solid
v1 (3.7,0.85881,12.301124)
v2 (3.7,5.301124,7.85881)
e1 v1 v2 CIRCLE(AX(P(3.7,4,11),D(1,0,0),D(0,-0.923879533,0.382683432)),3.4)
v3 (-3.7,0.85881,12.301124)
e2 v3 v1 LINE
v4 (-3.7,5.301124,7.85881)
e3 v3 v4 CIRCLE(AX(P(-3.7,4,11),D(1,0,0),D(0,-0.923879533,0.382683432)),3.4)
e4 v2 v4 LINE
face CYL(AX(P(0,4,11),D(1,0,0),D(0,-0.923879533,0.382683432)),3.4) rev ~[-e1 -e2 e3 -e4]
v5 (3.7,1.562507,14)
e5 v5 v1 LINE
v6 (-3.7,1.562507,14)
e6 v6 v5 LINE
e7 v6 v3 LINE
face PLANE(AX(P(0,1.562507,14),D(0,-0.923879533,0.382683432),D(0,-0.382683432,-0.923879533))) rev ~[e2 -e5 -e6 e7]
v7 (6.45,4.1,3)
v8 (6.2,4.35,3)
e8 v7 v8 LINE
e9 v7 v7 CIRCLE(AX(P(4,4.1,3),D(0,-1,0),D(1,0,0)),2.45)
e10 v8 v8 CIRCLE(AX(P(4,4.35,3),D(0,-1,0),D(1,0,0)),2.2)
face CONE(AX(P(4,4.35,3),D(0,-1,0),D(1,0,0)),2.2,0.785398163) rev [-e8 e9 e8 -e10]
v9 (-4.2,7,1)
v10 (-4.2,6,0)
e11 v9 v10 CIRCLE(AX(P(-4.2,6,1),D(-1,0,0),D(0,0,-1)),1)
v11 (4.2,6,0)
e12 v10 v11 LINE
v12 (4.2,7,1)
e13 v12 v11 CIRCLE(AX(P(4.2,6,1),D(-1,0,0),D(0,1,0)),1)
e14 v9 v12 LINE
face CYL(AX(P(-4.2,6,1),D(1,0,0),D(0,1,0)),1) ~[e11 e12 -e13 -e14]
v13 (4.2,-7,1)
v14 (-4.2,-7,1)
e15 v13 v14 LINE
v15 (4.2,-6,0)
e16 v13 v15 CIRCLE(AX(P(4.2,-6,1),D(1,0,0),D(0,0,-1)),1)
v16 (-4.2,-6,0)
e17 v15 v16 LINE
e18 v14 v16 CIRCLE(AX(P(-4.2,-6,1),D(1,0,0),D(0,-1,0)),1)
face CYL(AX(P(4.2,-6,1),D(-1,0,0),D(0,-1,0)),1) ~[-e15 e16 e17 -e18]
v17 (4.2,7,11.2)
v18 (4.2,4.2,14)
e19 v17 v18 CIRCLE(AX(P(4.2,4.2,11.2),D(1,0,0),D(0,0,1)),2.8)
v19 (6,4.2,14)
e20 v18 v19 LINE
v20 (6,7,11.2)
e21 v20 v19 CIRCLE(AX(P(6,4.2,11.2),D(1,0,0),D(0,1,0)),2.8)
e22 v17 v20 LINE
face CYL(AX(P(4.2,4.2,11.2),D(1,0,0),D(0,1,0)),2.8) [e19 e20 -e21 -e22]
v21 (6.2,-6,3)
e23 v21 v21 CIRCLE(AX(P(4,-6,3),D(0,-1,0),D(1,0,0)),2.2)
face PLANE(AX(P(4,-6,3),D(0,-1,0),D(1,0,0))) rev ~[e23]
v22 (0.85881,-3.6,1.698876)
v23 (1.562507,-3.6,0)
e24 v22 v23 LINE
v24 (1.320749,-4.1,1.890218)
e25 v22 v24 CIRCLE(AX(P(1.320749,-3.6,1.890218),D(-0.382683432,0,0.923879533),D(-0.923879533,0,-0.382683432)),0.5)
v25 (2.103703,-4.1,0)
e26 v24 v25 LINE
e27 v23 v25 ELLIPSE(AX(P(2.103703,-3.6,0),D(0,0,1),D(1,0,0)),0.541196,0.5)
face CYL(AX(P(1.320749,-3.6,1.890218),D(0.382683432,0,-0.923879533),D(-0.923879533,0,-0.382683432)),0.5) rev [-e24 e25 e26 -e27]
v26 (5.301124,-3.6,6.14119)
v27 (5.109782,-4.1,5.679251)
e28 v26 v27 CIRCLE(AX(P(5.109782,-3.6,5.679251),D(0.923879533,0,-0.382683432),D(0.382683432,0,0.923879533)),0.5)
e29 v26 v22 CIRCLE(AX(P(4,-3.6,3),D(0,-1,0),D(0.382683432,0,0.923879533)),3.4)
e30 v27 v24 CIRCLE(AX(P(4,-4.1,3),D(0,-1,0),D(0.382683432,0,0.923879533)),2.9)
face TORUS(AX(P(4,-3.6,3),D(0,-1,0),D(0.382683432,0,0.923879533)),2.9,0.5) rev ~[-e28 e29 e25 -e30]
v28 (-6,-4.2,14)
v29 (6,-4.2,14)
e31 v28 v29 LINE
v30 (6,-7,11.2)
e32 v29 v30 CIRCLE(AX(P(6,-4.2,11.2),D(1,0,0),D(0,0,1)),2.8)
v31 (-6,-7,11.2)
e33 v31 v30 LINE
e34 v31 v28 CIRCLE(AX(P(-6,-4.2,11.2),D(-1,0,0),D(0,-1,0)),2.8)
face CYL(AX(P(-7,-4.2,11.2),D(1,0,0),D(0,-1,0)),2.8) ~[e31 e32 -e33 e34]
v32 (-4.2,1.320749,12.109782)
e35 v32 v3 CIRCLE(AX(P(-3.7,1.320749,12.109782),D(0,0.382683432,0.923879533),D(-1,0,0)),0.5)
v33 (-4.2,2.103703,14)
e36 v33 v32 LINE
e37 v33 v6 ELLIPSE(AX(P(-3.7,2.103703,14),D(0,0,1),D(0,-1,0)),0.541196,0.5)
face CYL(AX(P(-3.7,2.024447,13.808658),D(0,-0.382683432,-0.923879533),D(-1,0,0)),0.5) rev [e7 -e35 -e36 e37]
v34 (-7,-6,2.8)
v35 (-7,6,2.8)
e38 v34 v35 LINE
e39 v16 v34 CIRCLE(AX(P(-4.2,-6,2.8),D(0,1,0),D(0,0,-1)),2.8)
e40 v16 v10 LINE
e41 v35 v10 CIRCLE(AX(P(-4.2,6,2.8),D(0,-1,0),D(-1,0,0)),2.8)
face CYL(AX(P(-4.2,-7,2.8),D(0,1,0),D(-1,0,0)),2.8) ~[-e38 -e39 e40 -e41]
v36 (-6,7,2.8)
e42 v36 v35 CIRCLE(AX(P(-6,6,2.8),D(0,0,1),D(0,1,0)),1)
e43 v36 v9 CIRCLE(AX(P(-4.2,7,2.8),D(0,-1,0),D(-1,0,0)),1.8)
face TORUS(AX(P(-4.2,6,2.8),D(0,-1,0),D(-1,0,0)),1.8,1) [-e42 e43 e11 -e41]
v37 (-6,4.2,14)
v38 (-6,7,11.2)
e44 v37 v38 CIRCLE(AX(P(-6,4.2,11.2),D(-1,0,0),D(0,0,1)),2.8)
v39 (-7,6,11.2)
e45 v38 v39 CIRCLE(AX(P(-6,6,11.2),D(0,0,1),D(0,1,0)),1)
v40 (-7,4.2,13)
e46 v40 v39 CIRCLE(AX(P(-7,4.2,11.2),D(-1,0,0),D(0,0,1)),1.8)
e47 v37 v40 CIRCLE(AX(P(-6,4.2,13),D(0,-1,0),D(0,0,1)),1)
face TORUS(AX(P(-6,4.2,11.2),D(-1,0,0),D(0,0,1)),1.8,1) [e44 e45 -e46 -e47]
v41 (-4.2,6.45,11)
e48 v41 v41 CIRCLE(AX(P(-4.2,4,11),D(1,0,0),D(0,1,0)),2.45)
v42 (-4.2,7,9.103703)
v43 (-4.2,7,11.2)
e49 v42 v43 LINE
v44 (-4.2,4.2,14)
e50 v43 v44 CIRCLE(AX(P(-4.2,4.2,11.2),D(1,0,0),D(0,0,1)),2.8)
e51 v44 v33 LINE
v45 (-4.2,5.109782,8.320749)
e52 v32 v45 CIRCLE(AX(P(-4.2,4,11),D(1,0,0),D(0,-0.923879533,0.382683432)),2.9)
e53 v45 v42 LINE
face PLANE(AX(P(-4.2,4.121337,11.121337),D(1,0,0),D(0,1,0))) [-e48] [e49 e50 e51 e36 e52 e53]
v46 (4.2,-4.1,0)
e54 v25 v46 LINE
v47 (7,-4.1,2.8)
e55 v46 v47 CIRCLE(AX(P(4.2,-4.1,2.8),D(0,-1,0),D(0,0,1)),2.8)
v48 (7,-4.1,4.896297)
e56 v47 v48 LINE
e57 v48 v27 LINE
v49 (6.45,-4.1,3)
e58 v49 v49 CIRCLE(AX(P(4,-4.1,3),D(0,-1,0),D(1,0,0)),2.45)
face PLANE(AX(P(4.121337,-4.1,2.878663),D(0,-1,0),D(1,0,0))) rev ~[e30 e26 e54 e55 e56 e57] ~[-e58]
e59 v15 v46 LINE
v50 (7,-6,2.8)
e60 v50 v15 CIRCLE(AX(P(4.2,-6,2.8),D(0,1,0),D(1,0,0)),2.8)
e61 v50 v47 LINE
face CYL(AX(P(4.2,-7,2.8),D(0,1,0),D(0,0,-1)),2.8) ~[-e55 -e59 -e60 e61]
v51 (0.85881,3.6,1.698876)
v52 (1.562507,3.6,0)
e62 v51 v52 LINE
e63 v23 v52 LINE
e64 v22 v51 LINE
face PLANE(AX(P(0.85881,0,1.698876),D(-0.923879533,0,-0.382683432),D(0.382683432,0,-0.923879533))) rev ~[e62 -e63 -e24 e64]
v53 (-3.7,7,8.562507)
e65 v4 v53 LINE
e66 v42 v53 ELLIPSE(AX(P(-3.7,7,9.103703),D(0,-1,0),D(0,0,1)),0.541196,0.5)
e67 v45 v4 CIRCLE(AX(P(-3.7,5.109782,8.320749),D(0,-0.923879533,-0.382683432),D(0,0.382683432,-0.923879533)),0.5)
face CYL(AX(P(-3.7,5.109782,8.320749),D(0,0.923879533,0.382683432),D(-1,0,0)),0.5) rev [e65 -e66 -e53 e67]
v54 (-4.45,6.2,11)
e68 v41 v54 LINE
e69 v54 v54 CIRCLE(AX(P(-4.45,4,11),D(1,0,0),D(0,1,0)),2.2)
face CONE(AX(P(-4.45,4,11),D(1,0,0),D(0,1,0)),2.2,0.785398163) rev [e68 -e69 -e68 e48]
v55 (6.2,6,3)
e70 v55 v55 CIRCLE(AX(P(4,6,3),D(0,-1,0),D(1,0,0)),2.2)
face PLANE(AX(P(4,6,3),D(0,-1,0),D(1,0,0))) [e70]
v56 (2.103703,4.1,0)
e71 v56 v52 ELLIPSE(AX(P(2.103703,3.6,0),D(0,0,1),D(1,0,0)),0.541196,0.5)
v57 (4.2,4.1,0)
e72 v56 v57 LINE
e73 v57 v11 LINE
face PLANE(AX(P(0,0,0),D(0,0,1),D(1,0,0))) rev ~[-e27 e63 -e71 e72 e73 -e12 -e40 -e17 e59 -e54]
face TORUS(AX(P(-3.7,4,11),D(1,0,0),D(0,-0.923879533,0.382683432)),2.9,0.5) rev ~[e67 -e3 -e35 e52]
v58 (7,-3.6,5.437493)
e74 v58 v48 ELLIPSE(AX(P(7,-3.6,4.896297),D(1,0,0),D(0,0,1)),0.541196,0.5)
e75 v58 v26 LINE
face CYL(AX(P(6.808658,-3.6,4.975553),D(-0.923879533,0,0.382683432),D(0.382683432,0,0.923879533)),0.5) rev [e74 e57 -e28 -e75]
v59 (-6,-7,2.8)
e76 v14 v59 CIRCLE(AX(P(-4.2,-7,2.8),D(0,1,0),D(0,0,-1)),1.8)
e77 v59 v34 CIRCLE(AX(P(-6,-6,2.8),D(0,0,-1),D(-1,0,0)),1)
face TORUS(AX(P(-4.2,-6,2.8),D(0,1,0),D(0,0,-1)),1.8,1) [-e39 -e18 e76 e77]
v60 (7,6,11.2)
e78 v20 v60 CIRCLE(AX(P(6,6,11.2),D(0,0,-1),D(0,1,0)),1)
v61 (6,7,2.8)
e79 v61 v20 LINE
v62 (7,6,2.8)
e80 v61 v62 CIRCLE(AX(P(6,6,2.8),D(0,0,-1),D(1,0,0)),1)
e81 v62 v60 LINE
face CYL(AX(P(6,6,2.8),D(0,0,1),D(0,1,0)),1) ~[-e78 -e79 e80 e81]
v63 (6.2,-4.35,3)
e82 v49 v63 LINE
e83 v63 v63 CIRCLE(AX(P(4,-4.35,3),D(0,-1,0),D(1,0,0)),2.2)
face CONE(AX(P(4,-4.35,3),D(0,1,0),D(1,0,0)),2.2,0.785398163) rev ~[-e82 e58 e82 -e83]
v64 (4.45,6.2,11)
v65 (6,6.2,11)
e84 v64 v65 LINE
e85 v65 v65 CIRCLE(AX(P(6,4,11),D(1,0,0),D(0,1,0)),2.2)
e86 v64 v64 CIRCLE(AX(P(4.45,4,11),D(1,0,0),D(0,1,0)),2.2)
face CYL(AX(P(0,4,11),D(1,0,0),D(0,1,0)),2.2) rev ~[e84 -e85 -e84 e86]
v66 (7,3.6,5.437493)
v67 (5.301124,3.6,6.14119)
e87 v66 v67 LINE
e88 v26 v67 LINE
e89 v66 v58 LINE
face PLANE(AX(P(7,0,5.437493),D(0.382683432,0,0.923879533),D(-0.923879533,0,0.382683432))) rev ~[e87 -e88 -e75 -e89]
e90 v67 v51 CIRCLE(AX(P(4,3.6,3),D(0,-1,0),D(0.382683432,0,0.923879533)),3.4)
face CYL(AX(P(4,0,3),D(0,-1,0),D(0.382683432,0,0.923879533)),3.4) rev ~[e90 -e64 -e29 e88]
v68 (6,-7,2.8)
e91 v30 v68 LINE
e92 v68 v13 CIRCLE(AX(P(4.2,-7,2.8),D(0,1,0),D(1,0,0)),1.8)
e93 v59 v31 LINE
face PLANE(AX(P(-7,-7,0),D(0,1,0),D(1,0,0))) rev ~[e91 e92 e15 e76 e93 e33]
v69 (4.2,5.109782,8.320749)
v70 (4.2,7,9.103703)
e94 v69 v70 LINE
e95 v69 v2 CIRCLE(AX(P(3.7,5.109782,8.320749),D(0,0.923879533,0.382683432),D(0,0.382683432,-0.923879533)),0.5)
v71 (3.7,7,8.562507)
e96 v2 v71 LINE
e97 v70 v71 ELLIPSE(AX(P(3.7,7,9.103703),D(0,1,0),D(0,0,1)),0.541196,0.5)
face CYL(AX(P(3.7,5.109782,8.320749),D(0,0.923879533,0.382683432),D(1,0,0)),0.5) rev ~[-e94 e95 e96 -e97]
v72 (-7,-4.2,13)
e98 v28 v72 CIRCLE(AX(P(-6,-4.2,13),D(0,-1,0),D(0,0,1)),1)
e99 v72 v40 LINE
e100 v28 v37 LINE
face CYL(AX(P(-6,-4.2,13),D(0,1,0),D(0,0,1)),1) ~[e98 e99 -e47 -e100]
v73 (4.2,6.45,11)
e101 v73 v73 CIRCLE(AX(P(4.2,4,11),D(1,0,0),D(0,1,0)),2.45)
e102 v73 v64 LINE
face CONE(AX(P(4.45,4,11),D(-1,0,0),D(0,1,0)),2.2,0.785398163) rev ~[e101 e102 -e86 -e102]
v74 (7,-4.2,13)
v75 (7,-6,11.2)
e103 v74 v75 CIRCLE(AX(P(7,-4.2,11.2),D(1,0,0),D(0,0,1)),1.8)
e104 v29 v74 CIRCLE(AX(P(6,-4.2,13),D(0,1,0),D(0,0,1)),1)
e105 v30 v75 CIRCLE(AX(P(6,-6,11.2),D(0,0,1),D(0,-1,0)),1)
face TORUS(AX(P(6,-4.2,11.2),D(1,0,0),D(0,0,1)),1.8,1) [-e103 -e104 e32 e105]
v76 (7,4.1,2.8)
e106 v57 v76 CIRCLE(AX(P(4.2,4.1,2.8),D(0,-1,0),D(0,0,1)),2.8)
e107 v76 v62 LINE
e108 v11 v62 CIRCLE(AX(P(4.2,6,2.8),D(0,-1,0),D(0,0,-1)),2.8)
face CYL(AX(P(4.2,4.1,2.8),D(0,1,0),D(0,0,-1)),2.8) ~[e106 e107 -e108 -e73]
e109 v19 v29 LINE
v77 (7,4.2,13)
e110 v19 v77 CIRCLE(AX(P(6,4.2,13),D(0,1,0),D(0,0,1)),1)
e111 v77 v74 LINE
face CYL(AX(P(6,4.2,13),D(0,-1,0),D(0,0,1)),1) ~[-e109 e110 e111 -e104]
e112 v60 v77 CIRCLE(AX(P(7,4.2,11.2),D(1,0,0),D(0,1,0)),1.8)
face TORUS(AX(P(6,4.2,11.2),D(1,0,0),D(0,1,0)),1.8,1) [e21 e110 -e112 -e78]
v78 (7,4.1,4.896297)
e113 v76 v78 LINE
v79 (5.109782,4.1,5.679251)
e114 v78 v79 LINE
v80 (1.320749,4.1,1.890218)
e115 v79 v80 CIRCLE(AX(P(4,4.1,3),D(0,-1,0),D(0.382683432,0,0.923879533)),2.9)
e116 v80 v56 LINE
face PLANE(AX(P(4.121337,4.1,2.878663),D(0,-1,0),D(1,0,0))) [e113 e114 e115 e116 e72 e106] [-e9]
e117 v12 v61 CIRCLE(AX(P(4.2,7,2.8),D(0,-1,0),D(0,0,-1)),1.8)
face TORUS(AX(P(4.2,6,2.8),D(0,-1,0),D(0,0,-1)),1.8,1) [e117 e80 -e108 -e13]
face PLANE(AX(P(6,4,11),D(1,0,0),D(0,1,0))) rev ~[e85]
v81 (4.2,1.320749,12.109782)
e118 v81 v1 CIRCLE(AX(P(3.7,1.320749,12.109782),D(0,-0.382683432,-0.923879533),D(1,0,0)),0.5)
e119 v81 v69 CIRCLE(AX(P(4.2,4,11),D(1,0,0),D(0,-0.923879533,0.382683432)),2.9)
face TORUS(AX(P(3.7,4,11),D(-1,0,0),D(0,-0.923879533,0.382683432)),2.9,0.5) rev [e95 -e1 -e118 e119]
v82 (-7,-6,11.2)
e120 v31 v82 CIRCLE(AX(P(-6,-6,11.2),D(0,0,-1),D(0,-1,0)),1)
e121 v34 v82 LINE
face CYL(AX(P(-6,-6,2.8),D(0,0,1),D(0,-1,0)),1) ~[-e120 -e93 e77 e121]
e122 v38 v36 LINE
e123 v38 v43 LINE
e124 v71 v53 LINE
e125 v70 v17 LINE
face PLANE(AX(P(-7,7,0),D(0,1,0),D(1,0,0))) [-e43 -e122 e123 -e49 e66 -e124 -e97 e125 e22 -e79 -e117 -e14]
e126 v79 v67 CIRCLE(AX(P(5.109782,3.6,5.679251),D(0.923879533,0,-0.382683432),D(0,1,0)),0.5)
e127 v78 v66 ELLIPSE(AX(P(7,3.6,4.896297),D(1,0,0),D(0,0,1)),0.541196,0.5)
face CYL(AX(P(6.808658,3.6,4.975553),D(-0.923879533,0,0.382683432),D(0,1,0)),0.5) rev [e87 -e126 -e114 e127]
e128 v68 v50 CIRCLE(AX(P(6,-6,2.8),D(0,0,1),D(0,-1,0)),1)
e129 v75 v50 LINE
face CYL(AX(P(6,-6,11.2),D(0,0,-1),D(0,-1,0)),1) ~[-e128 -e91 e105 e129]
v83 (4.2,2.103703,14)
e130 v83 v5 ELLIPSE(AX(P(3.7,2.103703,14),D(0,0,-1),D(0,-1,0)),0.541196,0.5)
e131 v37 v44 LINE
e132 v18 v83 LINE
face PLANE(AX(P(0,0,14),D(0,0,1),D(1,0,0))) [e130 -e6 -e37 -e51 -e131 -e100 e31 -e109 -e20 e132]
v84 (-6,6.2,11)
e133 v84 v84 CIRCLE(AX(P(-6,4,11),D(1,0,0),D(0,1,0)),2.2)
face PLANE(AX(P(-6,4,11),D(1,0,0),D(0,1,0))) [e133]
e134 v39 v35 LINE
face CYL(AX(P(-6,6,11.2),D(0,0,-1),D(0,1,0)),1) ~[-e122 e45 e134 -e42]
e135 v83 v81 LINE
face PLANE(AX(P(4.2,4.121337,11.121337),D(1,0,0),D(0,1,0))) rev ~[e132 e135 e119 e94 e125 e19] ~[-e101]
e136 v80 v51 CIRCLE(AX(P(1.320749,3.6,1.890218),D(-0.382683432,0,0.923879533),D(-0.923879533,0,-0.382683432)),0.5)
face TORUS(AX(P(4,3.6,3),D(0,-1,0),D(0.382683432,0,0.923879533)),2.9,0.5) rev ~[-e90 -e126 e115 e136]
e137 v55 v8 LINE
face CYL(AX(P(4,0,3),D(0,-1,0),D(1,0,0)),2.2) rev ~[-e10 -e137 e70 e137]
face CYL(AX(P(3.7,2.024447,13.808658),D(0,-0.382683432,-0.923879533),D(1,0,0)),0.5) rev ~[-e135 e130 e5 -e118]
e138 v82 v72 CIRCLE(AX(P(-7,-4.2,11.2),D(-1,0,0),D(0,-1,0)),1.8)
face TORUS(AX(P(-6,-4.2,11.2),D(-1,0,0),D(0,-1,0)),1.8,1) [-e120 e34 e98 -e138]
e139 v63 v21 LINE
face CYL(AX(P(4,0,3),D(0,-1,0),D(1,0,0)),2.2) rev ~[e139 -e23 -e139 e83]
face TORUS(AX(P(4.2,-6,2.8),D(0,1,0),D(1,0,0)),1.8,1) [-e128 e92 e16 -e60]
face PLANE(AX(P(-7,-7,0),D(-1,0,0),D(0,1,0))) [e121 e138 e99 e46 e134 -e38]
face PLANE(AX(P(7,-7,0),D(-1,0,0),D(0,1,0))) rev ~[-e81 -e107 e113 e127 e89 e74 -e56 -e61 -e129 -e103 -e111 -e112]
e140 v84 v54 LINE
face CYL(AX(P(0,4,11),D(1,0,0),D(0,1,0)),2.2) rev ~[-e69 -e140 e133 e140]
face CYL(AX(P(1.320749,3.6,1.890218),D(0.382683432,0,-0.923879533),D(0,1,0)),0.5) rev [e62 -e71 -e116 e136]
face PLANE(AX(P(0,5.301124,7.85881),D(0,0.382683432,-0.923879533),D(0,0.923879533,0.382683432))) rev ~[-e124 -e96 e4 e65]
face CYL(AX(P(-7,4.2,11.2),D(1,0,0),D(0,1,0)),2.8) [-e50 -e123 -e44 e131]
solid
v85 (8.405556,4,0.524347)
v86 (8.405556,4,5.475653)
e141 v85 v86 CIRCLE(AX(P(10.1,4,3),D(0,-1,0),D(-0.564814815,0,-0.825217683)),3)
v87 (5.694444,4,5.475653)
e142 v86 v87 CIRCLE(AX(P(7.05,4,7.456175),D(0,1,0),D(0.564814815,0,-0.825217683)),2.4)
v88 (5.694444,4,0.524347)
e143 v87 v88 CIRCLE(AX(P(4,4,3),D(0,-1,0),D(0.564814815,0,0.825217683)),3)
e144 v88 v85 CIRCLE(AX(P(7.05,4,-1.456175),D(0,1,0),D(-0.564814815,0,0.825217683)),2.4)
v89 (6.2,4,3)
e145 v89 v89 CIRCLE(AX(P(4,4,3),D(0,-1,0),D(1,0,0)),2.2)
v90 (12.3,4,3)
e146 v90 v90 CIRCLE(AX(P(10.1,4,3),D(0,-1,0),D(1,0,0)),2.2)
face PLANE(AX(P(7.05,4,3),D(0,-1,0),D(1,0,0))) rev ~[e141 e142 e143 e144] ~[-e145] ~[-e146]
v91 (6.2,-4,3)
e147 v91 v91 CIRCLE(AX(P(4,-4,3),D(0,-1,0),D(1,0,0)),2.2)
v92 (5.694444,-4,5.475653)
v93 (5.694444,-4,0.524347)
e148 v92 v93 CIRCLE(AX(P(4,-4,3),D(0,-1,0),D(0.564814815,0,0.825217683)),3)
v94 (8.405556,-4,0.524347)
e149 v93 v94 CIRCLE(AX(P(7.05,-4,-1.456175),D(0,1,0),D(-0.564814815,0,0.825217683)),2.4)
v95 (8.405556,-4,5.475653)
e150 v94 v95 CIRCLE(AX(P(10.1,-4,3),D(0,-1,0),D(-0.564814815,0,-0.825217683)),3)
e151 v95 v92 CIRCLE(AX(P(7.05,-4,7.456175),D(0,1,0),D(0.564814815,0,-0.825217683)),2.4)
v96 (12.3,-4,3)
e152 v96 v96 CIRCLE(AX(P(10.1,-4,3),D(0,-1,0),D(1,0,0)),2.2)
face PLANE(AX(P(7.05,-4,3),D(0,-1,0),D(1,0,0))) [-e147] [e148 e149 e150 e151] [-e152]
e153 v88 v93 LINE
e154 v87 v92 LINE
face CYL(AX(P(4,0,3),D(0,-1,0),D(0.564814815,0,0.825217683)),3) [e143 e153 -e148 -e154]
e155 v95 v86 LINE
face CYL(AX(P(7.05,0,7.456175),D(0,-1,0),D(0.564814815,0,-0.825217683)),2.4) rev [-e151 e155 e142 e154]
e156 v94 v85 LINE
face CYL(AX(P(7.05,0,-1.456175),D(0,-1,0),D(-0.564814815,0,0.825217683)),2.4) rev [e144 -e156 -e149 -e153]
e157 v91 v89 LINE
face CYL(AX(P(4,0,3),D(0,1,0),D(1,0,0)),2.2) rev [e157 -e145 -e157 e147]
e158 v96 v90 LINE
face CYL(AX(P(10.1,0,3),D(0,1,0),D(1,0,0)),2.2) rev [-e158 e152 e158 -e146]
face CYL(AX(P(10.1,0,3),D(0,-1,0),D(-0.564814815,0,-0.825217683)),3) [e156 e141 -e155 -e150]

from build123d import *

# Parameters (mm, degrees)
F4_W      = 14
F4_H      = 14
F5_DEPTH  = 14
F6_R      = 2.2
F8_DEPTH  = 4.1
F9_DEPTH  = 6
F10_R     = 2.2
F11_DEPTH = 4.2
F12_DEPTH = 6
F13_R     = 2.8
F14_R     = 0.5
F15_R     = 2.2
F16_DEPTH = 4
F17_SIZE  = 0.25
F18_R     = 1


with BuildPart() as f5:
    # F4 (on Top) → F5 (new body)
    with BuildSketch(Plane.XY):
        Rectangle(F4_W, F4_H)
    extrude(amount=F5_DEPTH)

    # F6 (on Front) → F8 (cut, symmetric)
    with BuildSketch(Plane.XZ):
        with BuildLine():
            Line((1.5625072061, 0), (7, 0))
            Line((7, 0), (7, 5.4374927939))
            Line((7, 5.4374927939), (5.30112367, 6.1411904105))
            ThreePointArc((5.30112367, 6.1411904105), (1.595836944, 5.404163056), (0.8588095895, 1.69887633))
            Line((0.8588095895, 1.69887633), (1.5625072061, 0))
        make_face()
        with Locations((4, 3)):
            Circle(F6_R, mode=Mode.SUBTRACT)
        with Locations((4, 3)):
            Circle(F6_R)
    extrude(amount=F8_DEPTH, both=True, mode=Mode.SUBTRACT)

    # F6 (on Front) → F9 (cut, symmetric)
    with BuildSketch(Plane.XZ):
        with Locations((4, 3)):
            Circle(F6_R)
    extrude(amount=F9_DEPTH, both=True, mode=Mode.SUBTRACT)

    # F10 (on Right) → F11 (cut, symmetric)
    with BuildSketch(Plane.YZ):
        with BuildLine():
            Line((7, 14), (1.5625072061, 14))
            Line((1.5625072061, 14), (0.8588095895, 12.30112367))
            ThreePointArc((0.8588095895, 12.30112367), (1.595836944, 8.595836944), (5.30112367, 7.8588095895))
            Line((5.30112367, 7.8588095895), (7, 8.5625072061))
            Line((7, 8.5625072061), (7, 14))
        make_face()
        with Locations((4, 11)):
            Circle(F10_R, mode=Mode.SUBTRACT)
        with Locations((4, 11)):
            Circle(F10_R)
    extrude(amount=F11_DEPTH, both=True, mode=Mode.SUBTRACT)

    # F10 (on Right) → F12 (cut, symmetric)
    with BuildSketch(Plane.YZ):
        with Locations((4, 11)):
            Circle(F10_R)
    extrude(amount=F12_DEPTH, both=True, mode=Mode.SUBTRACT)

    # F13
    f13_edges = [f5.edges().sort_by_distance(p)[0] for p in [
        (7, -5.55, 0),
        (7, 5.55, 0),
        (-5.6, 7, 14),
        (5.6, 7, 14),
        (0, -7, 14),
        (-7, 0, 0),
    ]]
    fillet(f13_edges, radius=F13_R)

    # F14
    f14_edges = [f5.edges().sort_by_distance(p)[0] for p in [
        (1.210658, -4.1, 0.849438),
        (1.210658, 4.1, 0.849438),
        (4.2, 6.150562, 8.210658),
        (-4.2, 6.150562, 8.210658),
    ]]
    fillet(f14_edges, radius=F14_R)

    # F17
    f17_edges = [f5.edges().sort_by_distance(p)[0] for p in [
        (1.8, 4.1, 3),
        (1.8, -4.1, 3),
        (-4.2, 1.8, 11),
        (4.2, 1.8, 11),
    ]]
    chamfer(f17_edges, length=F17_SIZE)

    # F18
    f18_edges = [f5.edges().sort_by_distance(p)[0] for p in [
        (-7, 0, 14),
    ]]
    fillet(f18_edges, radius=F18_R)


with BuildPart() as f16:
    # F15 (on Front) → F16 (new body, symmetric)
    with BuildSketch(Plane.XZ):
        with BuildLine():
            ThreePointArc((8.4055555556, 5.4756530501), (7.05, 5.0561754903), (5.6944444444, 5.4756530501))
            ThreePointArc((5.6944444444, 5.4756530501), (1, 3), (5.6944444444, 0.5243469499))
            ThreePointArc((5.6944444444, 0.5243469499), (7.05, 0.9438245097), (8.4055555556, 0.5243469499))
            ThreePointArc((8.4055555556, 0.5243469499), (13.1, 3), (8.4055555556, 5.4756530501))
        make_face()
        with Locations((4, 3)):
            Circle(F15_R, mode=Mode.SUBTRACT)
        with Locations((10.1, 3)):
            Circle(F15_R, mode=Mode.SUBTRACT)
    extrude(amount=F16_DEPTH, both=True)


solid = Compound([f5.part, f16.part])
